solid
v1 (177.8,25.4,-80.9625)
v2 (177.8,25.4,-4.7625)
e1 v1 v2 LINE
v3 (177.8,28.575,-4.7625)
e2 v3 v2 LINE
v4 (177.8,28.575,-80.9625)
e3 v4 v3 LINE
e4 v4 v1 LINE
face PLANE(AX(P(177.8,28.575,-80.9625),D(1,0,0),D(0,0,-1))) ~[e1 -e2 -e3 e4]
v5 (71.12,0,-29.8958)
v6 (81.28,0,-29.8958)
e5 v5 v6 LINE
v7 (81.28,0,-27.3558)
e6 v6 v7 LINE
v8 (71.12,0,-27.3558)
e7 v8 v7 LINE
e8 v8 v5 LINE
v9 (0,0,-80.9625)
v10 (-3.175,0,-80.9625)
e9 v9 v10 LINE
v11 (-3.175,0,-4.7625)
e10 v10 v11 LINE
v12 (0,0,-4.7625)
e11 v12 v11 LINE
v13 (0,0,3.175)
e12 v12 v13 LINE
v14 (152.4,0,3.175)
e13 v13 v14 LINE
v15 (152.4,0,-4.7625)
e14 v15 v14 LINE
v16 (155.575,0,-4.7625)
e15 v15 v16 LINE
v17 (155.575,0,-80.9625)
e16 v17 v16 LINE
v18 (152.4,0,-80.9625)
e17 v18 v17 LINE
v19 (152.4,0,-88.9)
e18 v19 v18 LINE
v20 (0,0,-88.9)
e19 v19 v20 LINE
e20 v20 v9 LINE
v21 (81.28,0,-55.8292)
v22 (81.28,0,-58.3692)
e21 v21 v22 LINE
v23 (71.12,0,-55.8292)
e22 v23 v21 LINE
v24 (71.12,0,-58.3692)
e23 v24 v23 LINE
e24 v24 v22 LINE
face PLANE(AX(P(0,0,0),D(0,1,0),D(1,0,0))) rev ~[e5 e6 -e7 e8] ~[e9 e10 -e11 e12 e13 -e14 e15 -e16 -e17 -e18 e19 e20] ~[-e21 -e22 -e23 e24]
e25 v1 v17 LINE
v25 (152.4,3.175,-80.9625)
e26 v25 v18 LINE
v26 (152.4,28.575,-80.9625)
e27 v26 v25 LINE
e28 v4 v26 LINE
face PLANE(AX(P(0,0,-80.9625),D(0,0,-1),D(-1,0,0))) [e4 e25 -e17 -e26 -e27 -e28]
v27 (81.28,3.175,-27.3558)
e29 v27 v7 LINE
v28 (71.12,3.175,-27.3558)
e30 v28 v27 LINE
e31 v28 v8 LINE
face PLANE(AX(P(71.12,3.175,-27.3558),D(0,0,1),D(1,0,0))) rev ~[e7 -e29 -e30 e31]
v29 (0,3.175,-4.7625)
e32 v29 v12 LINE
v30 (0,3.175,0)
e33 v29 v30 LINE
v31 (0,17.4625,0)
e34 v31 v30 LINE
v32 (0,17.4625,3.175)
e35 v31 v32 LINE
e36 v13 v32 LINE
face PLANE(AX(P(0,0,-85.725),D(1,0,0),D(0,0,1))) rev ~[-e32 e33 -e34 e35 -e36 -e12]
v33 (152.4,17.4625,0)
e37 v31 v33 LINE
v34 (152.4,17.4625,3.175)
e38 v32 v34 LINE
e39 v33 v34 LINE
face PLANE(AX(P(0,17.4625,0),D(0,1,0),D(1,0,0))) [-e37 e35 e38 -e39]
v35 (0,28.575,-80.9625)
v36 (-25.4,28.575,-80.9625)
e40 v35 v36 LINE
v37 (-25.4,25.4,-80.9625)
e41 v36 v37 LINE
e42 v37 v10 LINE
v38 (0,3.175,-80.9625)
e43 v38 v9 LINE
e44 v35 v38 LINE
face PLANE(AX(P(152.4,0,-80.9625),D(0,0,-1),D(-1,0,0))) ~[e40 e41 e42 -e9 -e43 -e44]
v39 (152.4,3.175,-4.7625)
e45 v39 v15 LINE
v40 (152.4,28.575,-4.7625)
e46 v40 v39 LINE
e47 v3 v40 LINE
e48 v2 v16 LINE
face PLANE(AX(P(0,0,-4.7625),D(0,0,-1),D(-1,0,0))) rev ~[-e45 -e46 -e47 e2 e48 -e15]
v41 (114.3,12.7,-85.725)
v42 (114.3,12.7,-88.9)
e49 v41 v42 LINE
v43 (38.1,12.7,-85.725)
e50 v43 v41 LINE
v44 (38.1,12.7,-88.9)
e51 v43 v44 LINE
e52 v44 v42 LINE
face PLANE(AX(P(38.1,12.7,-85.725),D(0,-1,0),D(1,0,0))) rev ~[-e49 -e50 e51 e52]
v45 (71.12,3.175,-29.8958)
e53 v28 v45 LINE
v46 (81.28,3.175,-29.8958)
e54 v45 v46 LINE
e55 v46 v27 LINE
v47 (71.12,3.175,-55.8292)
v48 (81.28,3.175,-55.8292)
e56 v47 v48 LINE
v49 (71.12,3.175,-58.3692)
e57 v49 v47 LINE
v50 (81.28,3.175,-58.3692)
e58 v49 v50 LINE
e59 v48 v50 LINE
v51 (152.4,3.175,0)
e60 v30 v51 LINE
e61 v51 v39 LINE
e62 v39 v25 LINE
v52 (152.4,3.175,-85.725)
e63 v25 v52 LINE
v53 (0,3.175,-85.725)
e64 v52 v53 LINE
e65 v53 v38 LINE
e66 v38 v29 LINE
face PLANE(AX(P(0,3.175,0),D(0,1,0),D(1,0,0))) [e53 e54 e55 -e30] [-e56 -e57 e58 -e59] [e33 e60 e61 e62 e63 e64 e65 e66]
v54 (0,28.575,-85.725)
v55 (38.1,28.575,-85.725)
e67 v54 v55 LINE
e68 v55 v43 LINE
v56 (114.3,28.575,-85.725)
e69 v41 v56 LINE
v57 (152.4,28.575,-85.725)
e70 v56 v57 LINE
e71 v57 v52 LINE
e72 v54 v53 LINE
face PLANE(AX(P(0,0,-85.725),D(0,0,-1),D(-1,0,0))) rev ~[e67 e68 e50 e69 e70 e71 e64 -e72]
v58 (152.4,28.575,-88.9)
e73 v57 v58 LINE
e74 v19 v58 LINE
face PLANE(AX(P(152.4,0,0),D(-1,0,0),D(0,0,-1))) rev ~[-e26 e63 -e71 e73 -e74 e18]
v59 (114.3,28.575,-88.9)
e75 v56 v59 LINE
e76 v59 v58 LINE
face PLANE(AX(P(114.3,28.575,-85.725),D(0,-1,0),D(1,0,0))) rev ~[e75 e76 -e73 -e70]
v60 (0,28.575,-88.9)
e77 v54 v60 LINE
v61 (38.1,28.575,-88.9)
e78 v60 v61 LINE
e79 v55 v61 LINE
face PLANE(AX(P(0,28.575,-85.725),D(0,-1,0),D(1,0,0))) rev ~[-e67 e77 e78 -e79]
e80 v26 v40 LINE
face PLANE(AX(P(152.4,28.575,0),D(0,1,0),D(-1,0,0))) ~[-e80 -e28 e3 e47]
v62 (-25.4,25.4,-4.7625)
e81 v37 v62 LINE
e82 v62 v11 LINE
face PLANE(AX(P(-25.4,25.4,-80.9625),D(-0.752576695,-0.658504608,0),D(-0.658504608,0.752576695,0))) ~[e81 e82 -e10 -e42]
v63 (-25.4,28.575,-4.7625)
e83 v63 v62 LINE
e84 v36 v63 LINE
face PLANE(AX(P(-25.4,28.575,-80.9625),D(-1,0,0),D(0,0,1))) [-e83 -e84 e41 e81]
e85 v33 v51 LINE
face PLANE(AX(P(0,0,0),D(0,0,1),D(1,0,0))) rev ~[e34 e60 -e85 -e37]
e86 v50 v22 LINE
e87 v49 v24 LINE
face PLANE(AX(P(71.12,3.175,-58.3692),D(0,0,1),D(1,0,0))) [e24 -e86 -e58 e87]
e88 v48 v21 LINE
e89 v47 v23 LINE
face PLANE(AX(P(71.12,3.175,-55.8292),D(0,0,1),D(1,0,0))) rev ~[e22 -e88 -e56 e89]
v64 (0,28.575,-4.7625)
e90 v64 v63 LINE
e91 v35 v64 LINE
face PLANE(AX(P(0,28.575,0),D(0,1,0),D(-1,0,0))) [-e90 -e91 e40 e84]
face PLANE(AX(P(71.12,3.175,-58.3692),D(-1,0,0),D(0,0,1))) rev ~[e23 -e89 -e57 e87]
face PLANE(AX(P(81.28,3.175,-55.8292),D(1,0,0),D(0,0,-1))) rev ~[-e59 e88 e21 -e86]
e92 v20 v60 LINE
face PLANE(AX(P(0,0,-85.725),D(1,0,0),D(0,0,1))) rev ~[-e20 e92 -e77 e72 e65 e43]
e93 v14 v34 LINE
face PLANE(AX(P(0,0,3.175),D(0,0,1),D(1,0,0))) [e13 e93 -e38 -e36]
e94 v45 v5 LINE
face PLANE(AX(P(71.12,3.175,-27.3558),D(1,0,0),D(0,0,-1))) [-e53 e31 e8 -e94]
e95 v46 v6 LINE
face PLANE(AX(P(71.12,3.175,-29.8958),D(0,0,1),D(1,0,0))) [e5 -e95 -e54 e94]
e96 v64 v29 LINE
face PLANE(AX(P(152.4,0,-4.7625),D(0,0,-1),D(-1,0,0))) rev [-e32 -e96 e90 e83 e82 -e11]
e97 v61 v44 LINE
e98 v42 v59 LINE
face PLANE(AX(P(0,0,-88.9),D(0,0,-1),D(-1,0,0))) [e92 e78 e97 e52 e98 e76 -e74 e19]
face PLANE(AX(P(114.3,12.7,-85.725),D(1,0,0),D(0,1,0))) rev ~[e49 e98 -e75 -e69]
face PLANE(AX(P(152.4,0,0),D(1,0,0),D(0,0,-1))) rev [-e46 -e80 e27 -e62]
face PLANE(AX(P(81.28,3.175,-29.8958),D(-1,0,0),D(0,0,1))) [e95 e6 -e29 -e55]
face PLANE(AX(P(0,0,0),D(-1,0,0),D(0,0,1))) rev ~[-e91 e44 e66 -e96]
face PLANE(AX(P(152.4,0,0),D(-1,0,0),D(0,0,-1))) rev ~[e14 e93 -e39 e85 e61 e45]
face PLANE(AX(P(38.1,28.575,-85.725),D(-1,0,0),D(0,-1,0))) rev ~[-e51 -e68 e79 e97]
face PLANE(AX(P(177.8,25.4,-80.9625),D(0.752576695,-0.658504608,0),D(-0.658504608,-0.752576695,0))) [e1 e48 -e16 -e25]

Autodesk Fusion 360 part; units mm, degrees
sketch "Sketch4" plane through (0, 0, 0) normal (0, 1, 0) x (1, 0, 0)
  line L0 (0, 0) -> (152.4, 0)
  line L1 (152.4, 0) -> (152.4, 85.725)
  line L2 (152.4, 85.725) -> (0, 85.725)
  line L3 (0, 85.725) -> (0, 0)
  dimension "d16" = 152.4
  dimension "d17" = 85.725
extrude "Extrude4" add sketch "Sketch4" along normal blind 3.175
sketch "Sketch5" plane through (0, 0, 0) normal (0, 0, 1) x (1, 0, 0)
  line L0 (0, 0) -> (152.4, 0)
  line L1 (152.4, 0) -> (152.4, 3.175)
  line L2 (152.4, 3.175) -> (0, 3.175)
  line L3 (0, 3.175) -> (0, 0)
  line L4 (0, 3.175) -> (152.4, 3.175)
  line L5 (0, 0) -> (152.4, 0)
  line L6 (0, 0) -> (0, 3.175)
  line L7 (152.4, 0) -> (152.4, 3.175)
  line L8 (152.4, 0) -> (152.4, 17.4625)
  line L9 (0, 0) -> (0, 17.4625)
  line L10 (0, 17.4625) -> (152.4, 17.4625)
  dimension "d20" = 17.4625
  dimension "d21" = 17.4625
extrude "Extrude5" add sketch "Sketch5" along normal blind 3.175
sketch "Sketch6" plane through (0, 0, -85.725) normal (0, 0, -1) x (-1, 0, 0)
  line L0 (-152.4, 0) -> (0, 0)
  line L1 (0, 0) -> (0, 3.175)
  line L2 (0, 3.175) -> (-152.4, 3.175)
  line L3 (-152.4, 3.175) -> (-152.4, 0)
  line L4 (-152.4, 3.175) -> (0, 3.175)
  line L5 (-152.4, 0) -> (-152.4, 3.175)
  line L6 (-152.4, 0) -> (0, 0)
  line L7 (0, 0) -> (0, 3.175)
  line L8 (0, 0) -> (0, 28.575)
  line L9 (0, 28.575) -> (-38.1, 28.575)
  line L10 (-38.1, 28.575) -> (-38.1, 12.7)
  line L11 (-38.1, 12.7) -> (-114.3, 12.7)
  line L12 (-114.3, 12.7) -> (-114.3, 28.575)
  line L13 (-114.3, 28.575) -> (-152.4, 28.575)
  line L14 (-152.4, 28.575) -> (-152.4, 0)
  dimension "d24" = 28.575
  dimension "d25" = 38.1
  dimension "d26" = 15.875
  dimension "d27" = 76.2
  dimension "d28" = 15.875
  dimension "d29" = 38.1
extrude "Extrude6" add sketch "Sketch6" along normal blind 3.175
sketch "Sketch7" plane through (0, 0, 0) normal (-1, 0, 0) x (0, 0, 1)
  line L0 (-88.9, 0) -> (3.175, 0)
  line L1 (3.175, 0) -> (3.175, 17.4625)
  line L2 (3.175, 17.4625) -> (0, 17.4625)
  line L3 (0, 17.4625) -> (0, 3.175)
  line L4 (0, 3.175) -> (-85.725, 3.175)
  line L5 (-85.725, 3.175) -> (-85.725, 28.575)
  line L6 (-85.725, 28.575) -> (-88.9, 28.575)
  line L7 (-88.9, 28.575) -> (-88.9, 0)
  line L8 (-85.725, 3.175) -> (-85.725, 28.575)
  line L9 (-85.725, 28.575) -> (-88.9, 28.575)
  line L10 (-88.9, 0) -> (-88.9, 28.575)
  line L11 (-85.725, 3.175) -> (0, 3.175)
  line L12 (0, 3.175) -> (0, 17.4625)
  line L13 (0, 17.4625) -> (3.175, 17.4625)
  line L14 (3.175, 17.4625) -> (3.175, 0)
  line L15 (-88.9, 0) -> (3.175, 0)
  line L16 (-85.725, 3.175) -> (-80.9625, 3.175) construction
  line L17 (0, 3.175) -> (-4.7625, 3.175) construction
  line L18 (-80.9625, 0) -> (-80.9625, 28.575)
  line L19 (-4.7625, 0) -> (-4.7625, 28.575)
  line L20 (-80.9625, 28.575) -> (-4.7625, 28.575)
  dimension "d35" = 4.7625
  dimension "d36" = 4.7625
  dimension "d37" = 28.575
  dimension "d38" = 28.575
  dimension "d39" = 76.2
extrude "Extrude7" add sketch "Sketch7" along normal blind 3.175 contours L0 L4 L11 L15 L18 L19 | L4 L11 L18 L19 L20
sketch "Sketch8" plane through (0, 28.575, 0) normal (0, 1, 0) x (-1, 0, 0)
  line L0 (0, -4.7625) -> (0, -80.9625)
  line L1 (0, -80.9625) -> (3.175, -80.9625)
  line L2 (3.175, -80.9625) -> (3.175, -4.7625)
  line L3 (3.175, -4.7625) -> (0, -4.7625)
  line L4 (0, -80.9625) -> (3.175, -80.9625)
  line L5 (0, -80.9625) -> (0, -4.7625)
  line L6 (3.175, -4.7625) -> (3.175, -80.9625)
  line L7 (0, -4.7625) -> (3.175, -4.7625)
  line L8 (0, -4.7625) -> (25.4, -4.7625)
  line L9 (0, -80.9625) -> (25.4, -80.9625)
  line L10 (25.4, -80.9625) -> (25.4, -4.7625)
  dimension "d42" = 25.4
  dimension "d43" = 25.4
  dimension "d44" = 76.2
extrude "Extrude9" add sketch "Sketch8" against normal blind 3.175 contours L2 L6 L8 L9 L10
ref_plane "WorkPlane1" through (76.2, 14.2875, -42.8625) normal (1, 0, 0) x (0, 0, -1)
mirror "Mirror1" about plane through (76.2, 14.2875, -42.8625) normal (1, 0, 0) of "Extrude7"
mirror "Mirror3" about plane through (76.2, 14.2875, -42.8625) normal (1, 0, 0) of "Extrude9"
sketch "Sketch9" plane through (0, 0, -80.9625) normal (0, 0, -1) x (-1, 0, 0)
  line L0 (-152.4, 0) -> (-152.4, 3.175)
  line L1 (-152.4, 3.175) -> (-152.4, 28.575)
  line L2 (-152.4, 28.575) -> (-177.8, 28.575)
  line L3 (-177.8, 28.575) -> (-177.8, 25.4)
  line L4 (-177.8, 25.4) -> (-155.575, 25.4)
  line L5 (-155.575, 25.4) -> (-155.575, 0)
  line L6 (-155.575, 0) -> (-152.4, 0)
  line L7 (-177.8, 25.4) -> (-155.575, 0)
extrude "Extrude10" add sketch "Sketch9" against normal up to surface (76.2 mm away) contours L4 L5 L7
mirror "Mirror4" about plane through (76.2, 14.2875, -42.8625) normal (1, 0, 0) of "Extrude10"
sketch "Sketch10" plane through (0, 3.175, 0) normal (0, 1, 0) x (-1, 0, 0)
  line L0 (0, -85.725) -> (0, -80.9625)
  line L1 (0, -80.9625) -> (0, -4.7625)
  line L2 (0, -4.7625) -> (0, 0)
  line L3 (0, 0) -> (-152.4, 0)
  line L4 (-152.4, 0) -> (-152.4, -4.7625)
  line L5 (-152.4, -4.7625) -> (-152.4, -80.9625)
  line L6 (-152.4, -80.9625) -> (-152.4, -85.725)
  line L7 (-152.4, -85.725) -> (0, -85.725)
  line L8 (0, -80.9625) -> (0, -4.7625)
  line L9 (-152.4, -85.725) -> (0, -85.725)
  line L10 (0, -85.725) -> (0, -80.9625)
  line L11 (0, -4.7625) -> (0, 0)
  line L12 (0, 0) -> (-152.4, 0)
  line L13 (-152.4, -4.7625) -> (-152.4, -80.9625)
  line L14 (-152.4, -80.9625) -> (-152.4, -85.725)
  line L15 (-152.4, 0) -> (-152.4, -4.7625)
  line L16 (0, -85.725) -> (-152.4, 0) construction
  line L17 (-152.4, -85.725) -> (0, 0) construction
  line L18 (-76.2, -42.8625) -> (-88.2955, -42.8625) construction
  line L19 (-76.2, -42.8625) -> (-64.1096, -42.8625) construction
  line L20 (-64.1096, -42.8625) -> (-64.1096, -58.3692) construction
  line L21 (-64.1096, -42.8625) -> (-64.1096, -27.3558) construction
  line L22 (-64.1096, -58.3692) -> (-88.2904, -58.3692) construction
  line L23 (-64.1096, -27.3558) -> (-88.2904, -27.3558) construction
  line L24 (-88.2904, -58.3692) -> (-88.2904, -27.3558) construction
  line L25 (-64.1096, -58.3692) -> (-71.12, -58.3692) construction
  line L26 (-88.2904, -58.3692) -> (-81.28, -58.3692) construction
  line L27 (-64.1096, -27.3558) -> (-71.12, -27.3558) construction
  line L28 (-71.12, -58.3692) -> (-71.12, -55.8292)
  line L29 (-71.12, -55.8292) -> (-81.28, -55.8292)
  line L30 (-81.28, -55.8292) -> (-81.28, -58.3692)
  line L31 (-71.12, -58.3692) -> (-81.28, -58.3692)
  line L32 (-71.12, -27.3558) -> (-71.12, -29.8958)
  line L33 (-71.12, -29.8958) -> (-81.28, -29.8958)
  line L34 (-81.28, -29.8958) -> (-81.28, -27.3558)
  line L35 (-64.1096, -27.3558) -> (-88.2904, -27.3558) construction
  line L36 (-71.12, -27.3558) -> (-81.28, -27.3558)
  point P0 (-152.4, -85.725)
  dimension "d61" = 15.5067
  dimension "d62" = 15.5067
  dimension "d63" = 24.1808
  dimension "d64" = 7.0104
  dimension "d65" = 7.0104
  dimension "d66" = 2.54
extrude "Extrude11" cut sketch "Sketch10" against normal blind 14.7066 contours L28 L29 L30 L31 | L32 L33 L34 L36
equation "d16 = 6\""
equation "d27 = 3\""
equation "d39 = 3\""
equation "d42 = 1\""
equation "d43 = 1\""
equation "d44 = 3\""
equation "d63 = ( 0.476 in + 0.476 in )"
